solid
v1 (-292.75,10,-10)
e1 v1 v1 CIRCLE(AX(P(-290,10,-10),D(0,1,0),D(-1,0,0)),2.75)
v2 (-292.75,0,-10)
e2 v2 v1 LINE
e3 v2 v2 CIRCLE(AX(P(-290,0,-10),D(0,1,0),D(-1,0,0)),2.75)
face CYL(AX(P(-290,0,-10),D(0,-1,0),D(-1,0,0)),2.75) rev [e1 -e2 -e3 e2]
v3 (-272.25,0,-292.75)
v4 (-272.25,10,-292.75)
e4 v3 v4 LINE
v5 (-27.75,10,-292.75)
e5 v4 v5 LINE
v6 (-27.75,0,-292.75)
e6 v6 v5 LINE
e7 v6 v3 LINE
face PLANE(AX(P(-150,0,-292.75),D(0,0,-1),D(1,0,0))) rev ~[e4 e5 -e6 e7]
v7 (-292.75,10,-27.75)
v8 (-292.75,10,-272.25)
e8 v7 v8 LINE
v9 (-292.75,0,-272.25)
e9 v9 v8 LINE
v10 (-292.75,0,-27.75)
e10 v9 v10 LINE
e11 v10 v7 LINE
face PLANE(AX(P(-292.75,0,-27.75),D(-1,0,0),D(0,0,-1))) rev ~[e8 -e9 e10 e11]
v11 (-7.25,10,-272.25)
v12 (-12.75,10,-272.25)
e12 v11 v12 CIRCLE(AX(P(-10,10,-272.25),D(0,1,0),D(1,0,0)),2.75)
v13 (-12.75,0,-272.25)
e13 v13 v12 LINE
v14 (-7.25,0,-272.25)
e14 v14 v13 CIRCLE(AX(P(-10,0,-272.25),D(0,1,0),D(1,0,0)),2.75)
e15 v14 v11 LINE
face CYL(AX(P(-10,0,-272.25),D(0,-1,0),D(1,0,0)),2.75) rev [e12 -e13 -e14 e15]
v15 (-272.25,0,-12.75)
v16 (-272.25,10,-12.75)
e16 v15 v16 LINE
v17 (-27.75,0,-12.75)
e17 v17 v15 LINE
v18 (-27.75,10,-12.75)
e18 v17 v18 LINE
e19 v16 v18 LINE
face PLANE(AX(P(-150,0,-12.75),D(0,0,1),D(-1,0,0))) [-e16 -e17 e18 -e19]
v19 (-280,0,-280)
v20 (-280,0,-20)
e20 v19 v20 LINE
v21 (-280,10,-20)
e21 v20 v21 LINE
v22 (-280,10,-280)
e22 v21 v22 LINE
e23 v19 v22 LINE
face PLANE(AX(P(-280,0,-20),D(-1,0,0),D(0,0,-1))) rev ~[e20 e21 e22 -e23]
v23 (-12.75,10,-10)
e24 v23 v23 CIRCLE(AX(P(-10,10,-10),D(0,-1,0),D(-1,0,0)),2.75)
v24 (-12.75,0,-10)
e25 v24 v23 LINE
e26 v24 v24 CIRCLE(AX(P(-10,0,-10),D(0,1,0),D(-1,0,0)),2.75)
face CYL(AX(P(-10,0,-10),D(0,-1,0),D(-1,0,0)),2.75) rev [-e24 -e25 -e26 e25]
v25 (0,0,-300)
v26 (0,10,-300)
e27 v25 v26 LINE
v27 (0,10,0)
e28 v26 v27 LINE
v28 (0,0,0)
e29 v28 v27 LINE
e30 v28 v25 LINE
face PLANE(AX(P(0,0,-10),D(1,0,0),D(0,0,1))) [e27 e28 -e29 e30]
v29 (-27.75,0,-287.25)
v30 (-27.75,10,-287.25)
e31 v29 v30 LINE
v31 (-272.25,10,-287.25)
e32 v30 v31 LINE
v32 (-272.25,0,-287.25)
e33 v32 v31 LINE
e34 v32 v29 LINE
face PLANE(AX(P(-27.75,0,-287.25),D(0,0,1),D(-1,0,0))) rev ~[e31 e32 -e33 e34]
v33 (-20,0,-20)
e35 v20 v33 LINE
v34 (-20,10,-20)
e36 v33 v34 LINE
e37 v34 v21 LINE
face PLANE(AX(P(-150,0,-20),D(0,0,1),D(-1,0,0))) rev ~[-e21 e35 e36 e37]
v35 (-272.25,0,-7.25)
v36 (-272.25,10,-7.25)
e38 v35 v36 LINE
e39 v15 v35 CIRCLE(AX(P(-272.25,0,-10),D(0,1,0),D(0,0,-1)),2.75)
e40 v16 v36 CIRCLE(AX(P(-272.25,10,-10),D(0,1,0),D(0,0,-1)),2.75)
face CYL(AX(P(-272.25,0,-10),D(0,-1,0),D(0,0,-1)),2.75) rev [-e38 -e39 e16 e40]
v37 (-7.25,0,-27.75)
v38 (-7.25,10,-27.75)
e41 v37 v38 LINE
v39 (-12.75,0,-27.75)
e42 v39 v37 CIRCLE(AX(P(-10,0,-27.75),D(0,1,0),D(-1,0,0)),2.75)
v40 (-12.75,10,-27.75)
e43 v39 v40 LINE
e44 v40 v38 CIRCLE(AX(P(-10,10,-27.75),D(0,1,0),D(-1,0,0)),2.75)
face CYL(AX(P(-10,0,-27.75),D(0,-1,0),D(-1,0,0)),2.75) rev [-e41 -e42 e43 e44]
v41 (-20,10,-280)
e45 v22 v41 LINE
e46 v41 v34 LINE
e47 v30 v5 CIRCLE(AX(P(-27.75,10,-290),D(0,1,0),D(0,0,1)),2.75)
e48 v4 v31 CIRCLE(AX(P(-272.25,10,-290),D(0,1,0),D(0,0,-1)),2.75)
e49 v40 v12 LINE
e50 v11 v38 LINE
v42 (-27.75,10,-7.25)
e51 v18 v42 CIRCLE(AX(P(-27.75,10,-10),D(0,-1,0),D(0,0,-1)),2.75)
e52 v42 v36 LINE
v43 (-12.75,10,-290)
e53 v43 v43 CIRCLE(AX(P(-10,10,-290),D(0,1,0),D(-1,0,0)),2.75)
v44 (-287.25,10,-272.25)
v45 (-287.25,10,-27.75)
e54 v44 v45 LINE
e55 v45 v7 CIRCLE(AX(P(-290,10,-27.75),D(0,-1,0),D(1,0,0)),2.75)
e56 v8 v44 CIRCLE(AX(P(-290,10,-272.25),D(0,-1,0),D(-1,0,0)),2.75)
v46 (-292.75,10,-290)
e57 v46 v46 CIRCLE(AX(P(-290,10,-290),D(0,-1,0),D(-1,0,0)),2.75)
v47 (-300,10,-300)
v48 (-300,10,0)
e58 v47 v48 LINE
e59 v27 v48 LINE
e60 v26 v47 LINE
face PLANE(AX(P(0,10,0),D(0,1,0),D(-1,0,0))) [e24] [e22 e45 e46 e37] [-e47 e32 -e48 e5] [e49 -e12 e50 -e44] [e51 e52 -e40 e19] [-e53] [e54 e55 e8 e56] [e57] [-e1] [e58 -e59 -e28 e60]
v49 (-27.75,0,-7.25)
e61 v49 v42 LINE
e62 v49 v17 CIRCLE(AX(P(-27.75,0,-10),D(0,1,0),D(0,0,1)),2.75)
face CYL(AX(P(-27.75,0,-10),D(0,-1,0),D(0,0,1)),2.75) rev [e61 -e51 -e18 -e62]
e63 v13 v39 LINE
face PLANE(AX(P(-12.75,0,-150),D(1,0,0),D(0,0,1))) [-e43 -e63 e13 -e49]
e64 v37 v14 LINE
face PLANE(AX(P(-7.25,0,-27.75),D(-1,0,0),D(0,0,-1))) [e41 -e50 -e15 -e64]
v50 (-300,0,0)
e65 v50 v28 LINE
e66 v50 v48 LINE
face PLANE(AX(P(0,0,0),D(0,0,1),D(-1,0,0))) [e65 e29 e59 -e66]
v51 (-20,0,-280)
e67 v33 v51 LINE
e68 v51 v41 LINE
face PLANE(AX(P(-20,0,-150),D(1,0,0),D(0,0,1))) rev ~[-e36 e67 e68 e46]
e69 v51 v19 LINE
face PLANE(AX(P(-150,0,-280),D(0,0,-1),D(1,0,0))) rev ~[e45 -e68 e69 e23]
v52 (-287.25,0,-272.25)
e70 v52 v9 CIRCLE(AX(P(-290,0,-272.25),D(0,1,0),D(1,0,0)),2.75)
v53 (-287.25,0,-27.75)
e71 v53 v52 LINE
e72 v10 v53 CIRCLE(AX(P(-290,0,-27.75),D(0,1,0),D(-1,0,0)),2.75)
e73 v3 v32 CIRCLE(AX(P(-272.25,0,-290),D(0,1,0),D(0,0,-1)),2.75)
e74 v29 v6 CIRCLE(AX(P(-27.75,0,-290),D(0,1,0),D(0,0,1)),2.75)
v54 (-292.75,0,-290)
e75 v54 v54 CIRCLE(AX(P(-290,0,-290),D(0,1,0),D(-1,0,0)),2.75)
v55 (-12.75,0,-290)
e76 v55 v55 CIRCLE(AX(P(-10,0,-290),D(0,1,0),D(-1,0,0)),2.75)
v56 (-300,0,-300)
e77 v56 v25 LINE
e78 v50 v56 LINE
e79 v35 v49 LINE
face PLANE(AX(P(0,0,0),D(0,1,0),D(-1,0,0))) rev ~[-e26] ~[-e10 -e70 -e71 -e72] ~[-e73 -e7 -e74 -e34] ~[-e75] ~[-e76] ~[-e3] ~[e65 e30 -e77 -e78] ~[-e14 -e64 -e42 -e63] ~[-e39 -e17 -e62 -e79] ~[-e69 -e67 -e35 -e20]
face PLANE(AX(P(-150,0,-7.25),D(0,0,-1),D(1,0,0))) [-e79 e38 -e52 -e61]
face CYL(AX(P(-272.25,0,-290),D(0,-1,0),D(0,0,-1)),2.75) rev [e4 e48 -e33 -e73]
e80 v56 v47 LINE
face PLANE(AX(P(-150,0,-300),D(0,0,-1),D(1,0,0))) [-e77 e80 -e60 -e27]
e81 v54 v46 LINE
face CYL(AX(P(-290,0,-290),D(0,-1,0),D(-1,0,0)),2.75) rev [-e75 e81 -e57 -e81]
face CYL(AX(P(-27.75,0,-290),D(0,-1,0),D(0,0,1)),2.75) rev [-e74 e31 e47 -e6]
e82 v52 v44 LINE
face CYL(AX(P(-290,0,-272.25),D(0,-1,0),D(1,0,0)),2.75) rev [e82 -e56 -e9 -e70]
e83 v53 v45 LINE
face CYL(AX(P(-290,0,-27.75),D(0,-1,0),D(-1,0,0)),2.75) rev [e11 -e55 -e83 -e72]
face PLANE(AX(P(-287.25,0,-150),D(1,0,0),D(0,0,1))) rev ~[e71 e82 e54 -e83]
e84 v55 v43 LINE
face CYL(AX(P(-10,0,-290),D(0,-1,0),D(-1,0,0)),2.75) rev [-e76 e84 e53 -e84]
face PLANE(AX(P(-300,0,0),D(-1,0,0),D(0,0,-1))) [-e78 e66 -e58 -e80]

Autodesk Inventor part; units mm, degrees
ref_plane "YZ Plane" through (0, 0, 0) normal (1, 0, 0) x (0, 1, 0)
ref_plane "XZ Plane" through (0, 0, 0) normal (0, 1, 0) x (-1, 0, 0)
ref_plane "XY Plane" through (0, 0, 0) normal (0, 0, 1) x (1, 0, 0)
sketch "Sketch1" plane through (0, 0, 0) normal (0, 1, 0) x (-1, 0, 0)
  line L0 (0, 0) -> (300, 0)
  line L1 (300, 0) -> (300, -300)
  line L2 (300, -300) -> (0, -300)
  line L3 (0, -300) -> (0, 0)
  line L4 (20, -20) -> (280, -20)
  line L5 (280, -20) -> (280, -280)
  line L6 (280, -280) -> (20, -280)
  line L7 (20, -280) -> (20, -20)
  line L8 (150, 0) -> (150, -333.0511)
  line L9 (300, -150) -> (0, -150)
  line L10 (290, -23.4629) -> (290, -392.3608)
  line L11 (268.156, -10) -> (-9.9722, -10)
  line L12 (290, -27.75) -> (290, -272.25) construction
  line L13 (292.75, -27.75) -> (292.75, -272.25)
  line L14 (287.25, -272.25) -> (287.25, -27.75)
  arc A0 (292.75, -27.75) -> (287.25, -27.75) centre (290, -27.75) ccw
  arc A1 (287.25, -272.25) -> (292.75, -272.25) centre (290, -272.25) ccw
  line L15 (7.25, -27.75) -> (7.25, -272.25)
  line L16 (12.75, -272.25) -> (12.75, -27.75)
  arc A2 (12.75, -27.75) -> (7.25, -27.75) centre (10, -27.75) ccw
  arc A3 (7.25, -272.25) -> (12.75, -272.25) centre (10, -272.25) ccw
  line L17 (27.75, -10) -> (272.25, -10) construction
  line L18 (27.75, -12.75) -> (272.25, -12.75)
  line L19 (272.25, -7.25) -> (27.75, -7.25)
  arc A4 (27.75, -7.25) -> (27.75, -12.75) centre (27.75, -10) ccw
  arc A5 (272.25, -12.75) -> (272.25, -7.25) centre (272.25, -10) ccw
  line L20 (27.75, -287.25) -> (272.25, -287.25)
  line L21 (272.25, -292.75) -> (27.75, -292.75)
  arc A6 (27.75, -287.25) -> (27.75, -292.75) centre (27.75, -290) ccw
  arc A7 (272.25, -292.75) -> (272.25, -287.25) centre (272.25, -290) ccw
  line L22 (280, -280) -> (300, -300)
  circle A8 centre (290, -290) radius 2.75
  circle A9 centre (10, -290) radius 2.75
  circle A10 centre (290, -10) radius 2.75
  circle A11 centre (10, -10) radius 2.75
  point P0 (150, -20)
  point P1 (290, -150)
  point P2 (290, -25)
  point P3 (290, -275)
  point P4 (150, -10)
  point P5 (25, -10)
  point P6 (275, -10)
  point P7 (275, -290)
  dimension "d0" = 300
  dimension "d1" = 300
  dimension "d2" = 20
  dimension "d3" = 20
  dimension "d4" = 20
  dimension "d5" = 20
  dimension "d6" = 20
  dimension "d7" = 20
  dimension "d8" = 5.5
  dimension "d9" = 250
  dimension "d10" = 5.5
  dimension "d11" = 250
  dimension "d12" = 5.5
  dimension "d15" = 280
extrude "Extrusion1" add sketch "Sketch1" along normal blind 10 contours L0 L8 L19 A4 L11 A11 L3 | L0 L1 L9 L13 A0 L14 L5 L4 L8 L18 A5 L19 | L11 A11 A4 L18 L8 L4 L7 L9 L16 A2 L15 L3 | L9 L15 A3 L16 L7 L6 L8 L20 A6 L21 L2 L3 | L1 L22 A8 L10 A1 L13 L9 | L2 L10 A8 L22 | L8 L21 A7 L20 L6 L22 A8 L10 L2 | L14 A1 L10 A8 L22 L5 L9
properties part number "XYbase" material "Wood (Birch)"
